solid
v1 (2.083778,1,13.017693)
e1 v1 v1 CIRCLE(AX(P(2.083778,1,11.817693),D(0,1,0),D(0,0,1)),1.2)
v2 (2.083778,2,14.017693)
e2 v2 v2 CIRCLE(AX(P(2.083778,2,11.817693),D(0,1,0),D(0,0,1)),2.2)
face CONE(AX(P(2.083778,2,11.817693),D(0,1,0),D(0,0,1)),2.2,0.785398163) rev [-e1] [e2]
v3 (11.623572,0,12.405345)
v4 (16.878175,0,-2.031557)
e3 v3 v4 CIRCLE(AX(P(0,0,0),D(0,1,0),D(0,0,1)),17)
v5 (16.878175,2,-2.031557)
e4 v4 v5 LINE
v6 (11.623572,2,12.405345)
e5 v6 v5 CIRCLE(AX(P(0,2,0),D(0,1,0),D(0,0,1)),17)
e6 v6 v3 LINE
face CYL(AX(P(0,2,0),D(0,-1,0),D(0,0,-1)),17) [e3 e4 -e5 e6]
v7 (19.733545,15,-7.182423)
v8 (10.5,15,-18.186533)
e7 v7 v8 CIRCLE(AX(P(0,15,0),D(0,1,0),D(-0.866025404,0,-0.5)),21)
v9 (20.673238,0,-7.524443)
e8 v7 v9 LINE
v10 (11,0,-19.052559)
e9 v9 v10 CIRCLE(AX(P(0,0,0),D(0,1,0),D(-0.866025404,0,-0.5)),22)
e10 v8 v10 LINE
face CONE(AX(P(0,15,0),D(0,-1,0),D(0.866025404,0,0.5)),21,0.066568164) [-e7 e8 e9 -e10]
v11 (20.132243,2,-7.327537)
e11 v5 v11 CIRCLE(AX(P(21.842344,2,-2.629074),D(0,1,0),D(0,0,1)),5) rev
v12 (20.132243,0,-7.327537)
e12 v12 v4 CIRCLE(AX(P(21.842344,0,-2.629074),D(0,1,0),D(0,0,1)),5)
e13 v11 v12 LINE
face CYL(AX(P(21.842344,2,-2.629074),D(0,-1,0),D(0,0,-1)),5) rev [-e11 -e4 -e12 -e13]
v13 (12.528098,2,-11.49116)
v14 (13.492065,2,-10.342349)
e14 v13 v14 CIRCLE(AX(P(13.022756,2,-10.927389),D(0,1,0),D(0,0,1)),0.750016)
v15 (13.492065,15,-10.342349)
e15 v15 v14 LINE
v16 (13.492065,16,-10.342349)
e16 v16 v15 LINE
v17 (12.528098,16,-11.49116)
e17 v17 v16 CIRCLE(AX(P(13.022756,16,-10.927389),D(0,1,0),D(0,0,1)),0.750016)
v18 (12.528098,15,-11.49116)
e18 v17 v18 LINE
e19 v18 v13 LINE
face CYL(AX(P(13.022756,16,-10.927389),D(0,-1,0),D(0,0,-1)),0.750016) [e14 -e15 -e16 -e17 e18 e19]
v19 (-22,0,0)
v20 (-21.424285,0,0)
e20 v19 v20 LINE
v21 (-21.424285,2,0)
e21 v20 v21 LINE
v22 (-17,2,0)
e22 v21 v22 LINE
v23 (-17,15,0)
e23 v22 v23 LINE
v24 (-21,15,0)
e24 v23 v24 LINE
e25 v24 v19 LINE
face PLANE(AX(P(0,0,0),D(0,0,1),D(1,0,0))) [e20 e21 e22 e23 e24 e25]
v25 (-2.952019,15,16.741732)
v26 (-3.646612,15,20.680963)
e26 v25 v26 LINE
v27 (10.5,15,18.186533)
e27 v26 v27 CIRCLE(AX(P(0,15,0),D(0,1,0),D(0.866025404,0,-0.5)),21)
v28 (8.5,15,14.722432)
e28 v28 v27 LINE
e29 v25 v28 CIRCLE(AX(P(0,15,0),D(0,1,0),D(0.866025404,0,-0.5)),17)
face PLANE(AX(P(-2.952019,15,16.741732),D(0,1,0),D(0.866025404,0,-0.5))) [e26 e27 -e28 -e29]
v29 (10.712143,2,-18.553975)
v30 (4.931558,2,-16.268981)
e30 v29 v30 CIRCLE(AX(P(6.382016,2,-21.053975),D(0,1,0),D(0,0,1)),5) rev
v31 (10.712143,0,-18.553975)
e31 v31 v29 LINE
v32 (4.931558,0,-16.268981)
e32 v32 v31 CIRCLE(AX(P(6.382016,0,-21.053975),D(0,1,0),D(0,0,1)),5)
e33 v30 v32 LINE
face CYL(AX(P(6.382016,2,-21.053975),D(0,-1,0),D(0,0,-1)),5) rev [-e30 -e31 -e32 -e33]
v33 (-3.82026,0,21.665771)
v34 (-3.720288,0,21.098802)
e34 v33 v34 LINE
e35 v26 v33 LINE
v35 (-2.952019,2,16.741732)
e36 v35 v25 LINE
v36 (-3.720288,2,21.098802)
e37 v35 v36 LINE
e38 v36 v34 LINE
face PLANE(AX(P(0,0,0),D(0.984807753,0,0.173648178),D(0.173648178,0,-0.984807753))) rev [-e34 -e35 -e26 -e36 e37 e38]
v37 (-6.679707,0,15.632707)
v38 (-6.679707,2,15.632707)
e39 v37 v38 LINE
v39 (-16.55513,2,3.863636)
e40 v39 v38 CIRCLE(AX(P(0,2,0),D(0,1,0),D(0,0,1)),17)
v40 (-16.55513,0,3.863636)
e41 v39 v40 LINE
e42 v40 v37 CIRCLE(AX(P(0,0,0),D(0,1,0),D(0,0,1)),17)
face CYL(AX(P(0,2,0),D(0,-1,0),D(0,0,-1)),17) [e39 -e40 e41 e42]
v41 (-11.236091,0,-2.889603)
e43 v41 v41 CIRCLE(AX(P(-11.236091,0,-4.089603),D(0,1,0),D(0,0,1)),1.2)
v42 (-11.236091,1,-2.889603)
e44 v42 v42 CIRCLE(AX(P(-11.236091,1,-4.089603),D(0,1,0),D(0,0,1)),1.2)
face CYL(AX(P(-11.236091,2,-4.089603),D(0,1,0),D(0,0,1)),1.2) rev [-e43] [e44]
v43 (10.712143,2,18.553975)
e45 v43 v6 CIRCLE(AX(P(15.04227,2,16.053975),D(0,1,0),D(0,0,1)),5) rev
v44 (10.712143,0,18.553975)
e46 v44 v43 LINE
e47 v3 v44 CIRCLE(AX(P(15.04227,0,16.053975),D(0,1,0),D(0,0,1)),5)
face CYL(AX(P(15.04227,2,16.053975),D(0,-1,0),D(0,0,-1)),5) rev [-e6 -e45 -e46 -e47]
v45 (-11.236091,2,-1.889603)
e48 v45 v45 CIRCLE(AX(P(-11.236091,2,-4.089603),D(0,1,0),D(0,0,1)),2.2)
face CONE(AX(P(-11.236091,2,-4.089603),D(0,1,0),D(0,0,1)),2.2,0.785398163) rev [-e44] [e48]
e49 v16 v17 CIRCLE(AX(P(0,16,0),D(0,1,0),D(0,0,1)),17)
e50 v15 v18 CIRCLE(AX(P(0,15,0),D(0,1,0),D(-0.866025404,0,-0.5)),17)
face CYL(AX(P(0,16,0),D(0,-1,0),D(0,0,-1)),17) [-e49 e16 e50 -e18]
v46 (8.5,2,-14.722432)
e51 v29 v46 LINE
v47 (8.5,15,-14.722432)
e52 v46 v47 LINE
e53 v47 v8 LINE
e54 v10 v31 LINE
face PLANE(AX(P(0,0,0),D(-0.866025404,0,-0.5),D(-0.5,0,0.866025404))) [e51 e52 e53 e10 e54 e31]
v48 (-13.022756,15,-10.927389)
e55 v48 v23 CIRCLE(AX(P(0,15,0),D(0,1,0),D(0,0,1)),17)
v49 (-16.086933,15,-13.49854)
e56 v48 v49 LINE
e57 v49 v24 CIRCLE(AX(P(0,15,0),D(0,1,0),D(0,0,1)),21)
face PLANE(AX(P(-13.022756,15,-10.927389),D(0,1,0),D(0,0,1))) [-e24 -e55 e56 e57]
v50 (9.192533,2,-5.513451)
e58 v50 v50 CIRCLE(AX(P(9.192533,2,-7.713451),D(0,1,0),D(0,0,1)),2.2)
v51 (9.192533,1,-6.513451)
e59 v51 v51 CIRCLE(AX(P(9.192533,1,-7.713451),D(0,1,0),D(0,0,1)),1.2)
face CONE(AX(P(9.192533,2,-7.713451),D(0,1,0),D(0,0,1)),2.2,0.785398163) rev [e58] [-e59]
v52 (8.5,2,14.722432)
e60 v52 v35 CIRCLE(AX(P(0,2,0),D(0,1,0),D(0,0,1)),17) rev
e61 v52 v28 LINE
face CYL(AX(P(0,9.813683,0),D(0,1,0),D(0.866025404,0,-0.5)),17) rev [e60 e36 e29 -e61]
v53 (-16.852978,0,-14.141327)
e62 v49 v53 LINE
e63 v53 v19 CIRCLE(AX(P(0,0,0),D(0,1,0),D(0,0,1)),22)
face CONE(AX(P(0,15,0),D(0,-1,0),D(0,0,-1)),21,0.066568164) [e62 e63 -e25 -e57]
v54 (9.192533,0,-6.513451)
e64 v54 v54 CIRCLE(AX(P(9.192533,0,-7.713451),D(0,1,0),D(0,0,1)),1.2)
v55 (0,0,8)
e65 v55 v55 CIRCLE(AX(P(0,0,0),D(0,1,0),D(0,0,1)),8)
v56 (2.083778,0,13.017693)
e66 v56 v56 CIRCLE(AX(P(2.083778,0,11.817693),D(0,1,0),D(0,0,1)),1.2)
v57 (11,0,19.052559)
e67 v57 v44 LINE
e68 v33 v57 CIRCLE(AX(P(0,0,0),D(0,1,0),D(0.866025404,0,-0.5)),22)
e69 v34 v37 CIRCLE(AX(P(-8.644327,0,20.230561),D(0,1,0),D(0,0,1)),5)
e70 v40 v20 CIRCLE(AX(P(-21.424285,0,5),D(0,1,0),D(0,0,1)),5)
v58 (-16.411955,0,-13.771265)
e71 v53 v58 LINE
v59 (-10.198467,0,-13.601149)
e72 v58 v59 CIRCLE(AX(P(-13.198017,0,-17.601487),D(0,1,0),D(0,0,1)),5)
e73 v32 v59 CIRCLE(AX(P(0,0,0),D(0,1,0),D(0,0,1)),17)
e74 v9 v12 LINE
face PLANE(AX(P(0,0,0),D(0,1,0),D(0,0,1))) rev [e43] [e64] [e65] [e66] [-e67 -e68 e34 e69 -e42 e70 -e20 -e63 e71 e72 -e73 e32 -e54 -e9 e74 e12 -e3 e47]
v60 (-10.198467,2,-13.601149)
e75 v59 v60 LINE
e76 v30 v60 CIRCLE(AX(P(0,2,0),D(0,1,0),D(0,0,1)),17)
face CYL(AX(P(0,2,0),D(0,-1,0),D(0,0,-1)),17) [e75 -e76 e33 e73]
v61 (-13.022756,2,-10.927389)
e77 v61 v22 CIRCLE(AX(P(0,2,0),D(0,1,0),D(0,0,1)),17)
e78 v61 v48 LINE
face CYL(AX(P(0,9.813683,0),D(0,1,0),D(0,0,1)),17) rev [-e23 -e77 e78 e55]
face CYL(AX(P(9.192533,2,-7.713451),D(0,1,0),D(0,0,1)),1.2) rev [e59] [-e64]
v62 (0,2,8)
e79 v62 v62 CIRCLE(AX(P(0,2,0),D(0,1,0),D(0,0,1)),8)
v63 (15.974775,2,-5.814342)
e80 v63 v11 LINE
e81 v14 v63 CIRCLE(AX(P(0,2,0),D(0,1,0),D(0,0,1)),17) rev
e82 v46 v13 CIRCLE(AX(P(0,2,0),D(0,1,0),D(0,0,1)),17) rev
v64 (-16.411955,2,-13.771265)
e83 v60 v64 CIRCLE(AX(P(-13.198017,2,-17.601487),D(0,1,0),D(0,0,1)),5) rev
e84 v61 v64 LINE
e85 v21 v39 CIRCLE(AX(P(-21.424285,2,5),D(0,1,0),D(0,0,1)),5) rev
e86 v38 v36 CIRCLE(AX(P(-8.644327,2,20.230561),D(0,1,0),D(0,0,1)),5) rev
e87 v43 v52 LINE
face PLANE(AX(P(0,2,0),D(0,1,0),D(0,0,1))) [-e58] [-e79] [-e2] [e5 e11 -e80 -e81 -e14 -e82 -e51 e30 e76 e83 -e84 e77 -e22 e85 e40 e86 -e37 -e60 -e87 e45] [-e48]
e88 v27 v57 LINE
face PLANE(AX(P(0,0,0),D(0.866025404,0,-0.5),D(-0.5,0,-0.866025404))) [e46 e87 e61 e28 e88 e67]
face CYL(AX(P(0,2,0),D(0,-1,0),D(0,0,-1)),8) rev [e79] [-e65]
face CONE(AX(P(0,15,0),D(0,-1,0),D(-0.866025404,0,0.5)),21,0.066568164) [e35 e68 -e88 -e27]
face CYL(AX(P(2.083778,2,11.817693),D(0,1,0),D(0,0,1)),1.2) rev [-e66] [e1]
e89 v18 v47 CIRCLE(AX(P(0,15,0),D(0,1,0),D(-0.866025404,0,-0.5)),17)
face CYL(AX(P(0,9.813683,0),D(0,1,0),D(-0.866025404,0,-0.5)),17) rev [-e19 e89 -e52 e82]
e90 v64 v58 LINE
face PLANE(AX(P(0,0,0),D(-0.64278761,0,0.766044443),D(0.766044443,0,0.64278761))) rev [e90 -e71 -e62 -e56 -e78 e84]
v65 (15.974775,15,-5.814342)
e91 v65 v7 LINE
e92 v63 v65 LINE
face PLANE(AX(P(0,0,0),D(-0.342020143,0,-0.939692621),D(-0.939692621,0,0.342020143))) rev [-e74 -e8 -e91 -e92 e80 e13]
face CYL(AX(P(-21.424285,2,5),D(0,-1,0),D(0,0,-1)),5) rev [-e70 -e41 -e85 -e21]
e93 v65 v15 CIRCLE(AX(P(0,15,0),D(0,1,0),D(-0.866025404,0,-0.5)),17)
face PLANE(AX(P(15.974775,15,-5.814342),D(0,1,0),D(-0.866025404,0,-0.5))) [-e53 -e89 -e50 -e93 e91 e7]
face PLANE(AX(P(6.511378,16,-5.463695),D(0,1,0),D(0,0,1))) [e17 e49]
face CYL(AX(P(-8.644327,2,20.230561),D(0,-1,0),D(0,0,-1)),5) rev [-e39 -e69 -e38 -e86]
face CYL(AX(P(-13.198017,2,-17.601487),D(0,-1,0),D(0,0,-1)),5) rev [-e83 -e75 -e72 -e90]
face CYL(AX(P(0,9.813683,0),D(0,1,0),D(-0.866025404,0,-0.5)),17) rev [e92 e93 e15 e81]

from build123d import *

# Parameters (mm, degrees)
SKETCH1_R                                    = 17
SKETCH1_R_2                                  = 8
BOSS_EXTRUDE4_DEPTH                          = 2
REVOLVE2_ANGLE                               = 40
CIRPATTERN1_COUNT                            = 3
FILLET1_R                                    = 5
CSK_FOR_M2_COUNTERSUNK_FLAT_HEAD_SCR_2_COUNT = 2
CSK_FOR_M2_COUNTERSUNK_FLAT_HEAD_SCR_2_PITCH = 20.784609691
CSK_FOR_M2_COUNTERSUNK_FLAT_HEAD_SCR_3_COUNT = 2
CSK_FOR_M2_COUNTERSUNK_FLAT_HEAD_SCR_3_PITCH = 20.747553677
BOSS_EXTRUDE6_DEPTH                          = 14


with BuildPart() as part:
    # Sketch1 → Boss-Extrude4 (new body)
    with BuildSketch(Plane(origin=(0, 0, 0), x_dir=(1, 0, 0), z_dir=(0, 1, 0))):
        with Locations(Location((0, 0, 0), (0, 0, 270))):
            Circle(SKETCH1_R)
        with Locations(Location((0, 0, 0), (0, 0, 270))):
            Circle(SKETCH1_R_2, mode=Mode.SUBTRACT)
    extrude(amount=BOSS_EXTRUDE4_DEPTH)

    # Sketch5 → Revolve2 (revolve)
    with BuildSketch(Plane.XY):
        Polygon((-17, 0), (-22, 0), (-21, 15), (-17, 15), align=None)
    revolve2 = revolve(axis=Axis((0, 9.813682869, 0), (0, -1, 0)), revolution_arc=REVOLVE2_ANGLE)

    # CirPattern1: Revolve2 ×3 about axis
    cirpattern1_axis = Axis((0, 0, 0), (0, 1, 0))
    for i in range(1, CIRPATTERN1_COUNT):
        add(revolve2.rotate(cirpattern1_axis, i * 360 / CIRPATTERN1_COUNT))

    # Fillet1
    fillet1_edges = [part.edges().sort_by_distance(p)[0] for p in [
        (-13.022755533, 1, -10.927389365),
        (-17, 1, 0),
        (-2.95201902, 1, 16.741731801),
        (8.5, 1, 14.722431864),
        (15.974774553, 1, -5.814342437),
        (8.5, 1, -14.722431864),
    ]]
    fillet(fillet1_edges, radius=FILLET1_R)

    # Sketch13 → CSK for M2 Countersunk Flat Head Screw1 (revolve, cut)
    with BuildSketch(Plane(origin=(2.083778132, 2, 11.817693036), x_dir=(0, 0, 1), z_dir=(1, 0, 0))):
        Polygon((0, 0), (0, 2), (1.2, 2), (1.2, 1), (2.2, 0), align=None)
    csk_for_m2_countersunk_flat_head_screw1 = revolve(axis=Axis((2.083778132, 8.35, 11.817693036), (0, -1, 0)), mode=Mode.SUBTRACT)

    # CSK for M2 Countersunk Flat Head Scr 2: CSK for M2 Countersunk Flat Head Screw1 ×2
    with Locations(*[Vector(0.3420201433256633, 0, -0.9396926207859104) * (i * CSK_FOR_M2_COUNTERSUNK_FLAT_HEAD_SCR_2_PITCH) for i in range(1, CSK_FOR_M2_COUNTERSUNK_FLAT_HEAD_SCR_2_COUNT)]):
        add(csk_for_m2_countersunk_flat_head_screw1, mode=Mode.SUBTRACT)

    # CSK for M2 Countersunk Flat Head Scr 3: CSK for M2 Countersunk Flat Head Screw1 ×2
    with Locations(*[Vector(-0.6419971087705412, 0, -0.7667070577021357) * (i * CSK_FOR_M2_COUNTERSUNK_FLAT_HEAD_SCR_3_PITCH) for i in range(1, CSK_FOR_M2_COUNTERSUNK_FLAT_HEAD_SCR_3_COUNT)]):
        add(csk_for_m2_countersunk_flat_head_screw1, mode=Mode.SUBTRACT)

    # Sketch24 → Boss-Extrude6 (add)
    with BuildSketch(Plane(origin=(0, 2, 0), x_dir=(1, 0, 0), z_dir=(0, 1, 0))):
        with BuildLine():
            ThreePointArc((12.528097784, 11.491160338), (12.448209945, 10.445288373), (13.492065142, 10.342348776))
            ThreePointArc((13.492065142, 10.342348776), (13.022755533, 10.927389365), (12.528097784, 11.491160338))
        make_face()
    extrude(amount=BOSS_EXTRUDE6_DEPTH)


solid = part.part
